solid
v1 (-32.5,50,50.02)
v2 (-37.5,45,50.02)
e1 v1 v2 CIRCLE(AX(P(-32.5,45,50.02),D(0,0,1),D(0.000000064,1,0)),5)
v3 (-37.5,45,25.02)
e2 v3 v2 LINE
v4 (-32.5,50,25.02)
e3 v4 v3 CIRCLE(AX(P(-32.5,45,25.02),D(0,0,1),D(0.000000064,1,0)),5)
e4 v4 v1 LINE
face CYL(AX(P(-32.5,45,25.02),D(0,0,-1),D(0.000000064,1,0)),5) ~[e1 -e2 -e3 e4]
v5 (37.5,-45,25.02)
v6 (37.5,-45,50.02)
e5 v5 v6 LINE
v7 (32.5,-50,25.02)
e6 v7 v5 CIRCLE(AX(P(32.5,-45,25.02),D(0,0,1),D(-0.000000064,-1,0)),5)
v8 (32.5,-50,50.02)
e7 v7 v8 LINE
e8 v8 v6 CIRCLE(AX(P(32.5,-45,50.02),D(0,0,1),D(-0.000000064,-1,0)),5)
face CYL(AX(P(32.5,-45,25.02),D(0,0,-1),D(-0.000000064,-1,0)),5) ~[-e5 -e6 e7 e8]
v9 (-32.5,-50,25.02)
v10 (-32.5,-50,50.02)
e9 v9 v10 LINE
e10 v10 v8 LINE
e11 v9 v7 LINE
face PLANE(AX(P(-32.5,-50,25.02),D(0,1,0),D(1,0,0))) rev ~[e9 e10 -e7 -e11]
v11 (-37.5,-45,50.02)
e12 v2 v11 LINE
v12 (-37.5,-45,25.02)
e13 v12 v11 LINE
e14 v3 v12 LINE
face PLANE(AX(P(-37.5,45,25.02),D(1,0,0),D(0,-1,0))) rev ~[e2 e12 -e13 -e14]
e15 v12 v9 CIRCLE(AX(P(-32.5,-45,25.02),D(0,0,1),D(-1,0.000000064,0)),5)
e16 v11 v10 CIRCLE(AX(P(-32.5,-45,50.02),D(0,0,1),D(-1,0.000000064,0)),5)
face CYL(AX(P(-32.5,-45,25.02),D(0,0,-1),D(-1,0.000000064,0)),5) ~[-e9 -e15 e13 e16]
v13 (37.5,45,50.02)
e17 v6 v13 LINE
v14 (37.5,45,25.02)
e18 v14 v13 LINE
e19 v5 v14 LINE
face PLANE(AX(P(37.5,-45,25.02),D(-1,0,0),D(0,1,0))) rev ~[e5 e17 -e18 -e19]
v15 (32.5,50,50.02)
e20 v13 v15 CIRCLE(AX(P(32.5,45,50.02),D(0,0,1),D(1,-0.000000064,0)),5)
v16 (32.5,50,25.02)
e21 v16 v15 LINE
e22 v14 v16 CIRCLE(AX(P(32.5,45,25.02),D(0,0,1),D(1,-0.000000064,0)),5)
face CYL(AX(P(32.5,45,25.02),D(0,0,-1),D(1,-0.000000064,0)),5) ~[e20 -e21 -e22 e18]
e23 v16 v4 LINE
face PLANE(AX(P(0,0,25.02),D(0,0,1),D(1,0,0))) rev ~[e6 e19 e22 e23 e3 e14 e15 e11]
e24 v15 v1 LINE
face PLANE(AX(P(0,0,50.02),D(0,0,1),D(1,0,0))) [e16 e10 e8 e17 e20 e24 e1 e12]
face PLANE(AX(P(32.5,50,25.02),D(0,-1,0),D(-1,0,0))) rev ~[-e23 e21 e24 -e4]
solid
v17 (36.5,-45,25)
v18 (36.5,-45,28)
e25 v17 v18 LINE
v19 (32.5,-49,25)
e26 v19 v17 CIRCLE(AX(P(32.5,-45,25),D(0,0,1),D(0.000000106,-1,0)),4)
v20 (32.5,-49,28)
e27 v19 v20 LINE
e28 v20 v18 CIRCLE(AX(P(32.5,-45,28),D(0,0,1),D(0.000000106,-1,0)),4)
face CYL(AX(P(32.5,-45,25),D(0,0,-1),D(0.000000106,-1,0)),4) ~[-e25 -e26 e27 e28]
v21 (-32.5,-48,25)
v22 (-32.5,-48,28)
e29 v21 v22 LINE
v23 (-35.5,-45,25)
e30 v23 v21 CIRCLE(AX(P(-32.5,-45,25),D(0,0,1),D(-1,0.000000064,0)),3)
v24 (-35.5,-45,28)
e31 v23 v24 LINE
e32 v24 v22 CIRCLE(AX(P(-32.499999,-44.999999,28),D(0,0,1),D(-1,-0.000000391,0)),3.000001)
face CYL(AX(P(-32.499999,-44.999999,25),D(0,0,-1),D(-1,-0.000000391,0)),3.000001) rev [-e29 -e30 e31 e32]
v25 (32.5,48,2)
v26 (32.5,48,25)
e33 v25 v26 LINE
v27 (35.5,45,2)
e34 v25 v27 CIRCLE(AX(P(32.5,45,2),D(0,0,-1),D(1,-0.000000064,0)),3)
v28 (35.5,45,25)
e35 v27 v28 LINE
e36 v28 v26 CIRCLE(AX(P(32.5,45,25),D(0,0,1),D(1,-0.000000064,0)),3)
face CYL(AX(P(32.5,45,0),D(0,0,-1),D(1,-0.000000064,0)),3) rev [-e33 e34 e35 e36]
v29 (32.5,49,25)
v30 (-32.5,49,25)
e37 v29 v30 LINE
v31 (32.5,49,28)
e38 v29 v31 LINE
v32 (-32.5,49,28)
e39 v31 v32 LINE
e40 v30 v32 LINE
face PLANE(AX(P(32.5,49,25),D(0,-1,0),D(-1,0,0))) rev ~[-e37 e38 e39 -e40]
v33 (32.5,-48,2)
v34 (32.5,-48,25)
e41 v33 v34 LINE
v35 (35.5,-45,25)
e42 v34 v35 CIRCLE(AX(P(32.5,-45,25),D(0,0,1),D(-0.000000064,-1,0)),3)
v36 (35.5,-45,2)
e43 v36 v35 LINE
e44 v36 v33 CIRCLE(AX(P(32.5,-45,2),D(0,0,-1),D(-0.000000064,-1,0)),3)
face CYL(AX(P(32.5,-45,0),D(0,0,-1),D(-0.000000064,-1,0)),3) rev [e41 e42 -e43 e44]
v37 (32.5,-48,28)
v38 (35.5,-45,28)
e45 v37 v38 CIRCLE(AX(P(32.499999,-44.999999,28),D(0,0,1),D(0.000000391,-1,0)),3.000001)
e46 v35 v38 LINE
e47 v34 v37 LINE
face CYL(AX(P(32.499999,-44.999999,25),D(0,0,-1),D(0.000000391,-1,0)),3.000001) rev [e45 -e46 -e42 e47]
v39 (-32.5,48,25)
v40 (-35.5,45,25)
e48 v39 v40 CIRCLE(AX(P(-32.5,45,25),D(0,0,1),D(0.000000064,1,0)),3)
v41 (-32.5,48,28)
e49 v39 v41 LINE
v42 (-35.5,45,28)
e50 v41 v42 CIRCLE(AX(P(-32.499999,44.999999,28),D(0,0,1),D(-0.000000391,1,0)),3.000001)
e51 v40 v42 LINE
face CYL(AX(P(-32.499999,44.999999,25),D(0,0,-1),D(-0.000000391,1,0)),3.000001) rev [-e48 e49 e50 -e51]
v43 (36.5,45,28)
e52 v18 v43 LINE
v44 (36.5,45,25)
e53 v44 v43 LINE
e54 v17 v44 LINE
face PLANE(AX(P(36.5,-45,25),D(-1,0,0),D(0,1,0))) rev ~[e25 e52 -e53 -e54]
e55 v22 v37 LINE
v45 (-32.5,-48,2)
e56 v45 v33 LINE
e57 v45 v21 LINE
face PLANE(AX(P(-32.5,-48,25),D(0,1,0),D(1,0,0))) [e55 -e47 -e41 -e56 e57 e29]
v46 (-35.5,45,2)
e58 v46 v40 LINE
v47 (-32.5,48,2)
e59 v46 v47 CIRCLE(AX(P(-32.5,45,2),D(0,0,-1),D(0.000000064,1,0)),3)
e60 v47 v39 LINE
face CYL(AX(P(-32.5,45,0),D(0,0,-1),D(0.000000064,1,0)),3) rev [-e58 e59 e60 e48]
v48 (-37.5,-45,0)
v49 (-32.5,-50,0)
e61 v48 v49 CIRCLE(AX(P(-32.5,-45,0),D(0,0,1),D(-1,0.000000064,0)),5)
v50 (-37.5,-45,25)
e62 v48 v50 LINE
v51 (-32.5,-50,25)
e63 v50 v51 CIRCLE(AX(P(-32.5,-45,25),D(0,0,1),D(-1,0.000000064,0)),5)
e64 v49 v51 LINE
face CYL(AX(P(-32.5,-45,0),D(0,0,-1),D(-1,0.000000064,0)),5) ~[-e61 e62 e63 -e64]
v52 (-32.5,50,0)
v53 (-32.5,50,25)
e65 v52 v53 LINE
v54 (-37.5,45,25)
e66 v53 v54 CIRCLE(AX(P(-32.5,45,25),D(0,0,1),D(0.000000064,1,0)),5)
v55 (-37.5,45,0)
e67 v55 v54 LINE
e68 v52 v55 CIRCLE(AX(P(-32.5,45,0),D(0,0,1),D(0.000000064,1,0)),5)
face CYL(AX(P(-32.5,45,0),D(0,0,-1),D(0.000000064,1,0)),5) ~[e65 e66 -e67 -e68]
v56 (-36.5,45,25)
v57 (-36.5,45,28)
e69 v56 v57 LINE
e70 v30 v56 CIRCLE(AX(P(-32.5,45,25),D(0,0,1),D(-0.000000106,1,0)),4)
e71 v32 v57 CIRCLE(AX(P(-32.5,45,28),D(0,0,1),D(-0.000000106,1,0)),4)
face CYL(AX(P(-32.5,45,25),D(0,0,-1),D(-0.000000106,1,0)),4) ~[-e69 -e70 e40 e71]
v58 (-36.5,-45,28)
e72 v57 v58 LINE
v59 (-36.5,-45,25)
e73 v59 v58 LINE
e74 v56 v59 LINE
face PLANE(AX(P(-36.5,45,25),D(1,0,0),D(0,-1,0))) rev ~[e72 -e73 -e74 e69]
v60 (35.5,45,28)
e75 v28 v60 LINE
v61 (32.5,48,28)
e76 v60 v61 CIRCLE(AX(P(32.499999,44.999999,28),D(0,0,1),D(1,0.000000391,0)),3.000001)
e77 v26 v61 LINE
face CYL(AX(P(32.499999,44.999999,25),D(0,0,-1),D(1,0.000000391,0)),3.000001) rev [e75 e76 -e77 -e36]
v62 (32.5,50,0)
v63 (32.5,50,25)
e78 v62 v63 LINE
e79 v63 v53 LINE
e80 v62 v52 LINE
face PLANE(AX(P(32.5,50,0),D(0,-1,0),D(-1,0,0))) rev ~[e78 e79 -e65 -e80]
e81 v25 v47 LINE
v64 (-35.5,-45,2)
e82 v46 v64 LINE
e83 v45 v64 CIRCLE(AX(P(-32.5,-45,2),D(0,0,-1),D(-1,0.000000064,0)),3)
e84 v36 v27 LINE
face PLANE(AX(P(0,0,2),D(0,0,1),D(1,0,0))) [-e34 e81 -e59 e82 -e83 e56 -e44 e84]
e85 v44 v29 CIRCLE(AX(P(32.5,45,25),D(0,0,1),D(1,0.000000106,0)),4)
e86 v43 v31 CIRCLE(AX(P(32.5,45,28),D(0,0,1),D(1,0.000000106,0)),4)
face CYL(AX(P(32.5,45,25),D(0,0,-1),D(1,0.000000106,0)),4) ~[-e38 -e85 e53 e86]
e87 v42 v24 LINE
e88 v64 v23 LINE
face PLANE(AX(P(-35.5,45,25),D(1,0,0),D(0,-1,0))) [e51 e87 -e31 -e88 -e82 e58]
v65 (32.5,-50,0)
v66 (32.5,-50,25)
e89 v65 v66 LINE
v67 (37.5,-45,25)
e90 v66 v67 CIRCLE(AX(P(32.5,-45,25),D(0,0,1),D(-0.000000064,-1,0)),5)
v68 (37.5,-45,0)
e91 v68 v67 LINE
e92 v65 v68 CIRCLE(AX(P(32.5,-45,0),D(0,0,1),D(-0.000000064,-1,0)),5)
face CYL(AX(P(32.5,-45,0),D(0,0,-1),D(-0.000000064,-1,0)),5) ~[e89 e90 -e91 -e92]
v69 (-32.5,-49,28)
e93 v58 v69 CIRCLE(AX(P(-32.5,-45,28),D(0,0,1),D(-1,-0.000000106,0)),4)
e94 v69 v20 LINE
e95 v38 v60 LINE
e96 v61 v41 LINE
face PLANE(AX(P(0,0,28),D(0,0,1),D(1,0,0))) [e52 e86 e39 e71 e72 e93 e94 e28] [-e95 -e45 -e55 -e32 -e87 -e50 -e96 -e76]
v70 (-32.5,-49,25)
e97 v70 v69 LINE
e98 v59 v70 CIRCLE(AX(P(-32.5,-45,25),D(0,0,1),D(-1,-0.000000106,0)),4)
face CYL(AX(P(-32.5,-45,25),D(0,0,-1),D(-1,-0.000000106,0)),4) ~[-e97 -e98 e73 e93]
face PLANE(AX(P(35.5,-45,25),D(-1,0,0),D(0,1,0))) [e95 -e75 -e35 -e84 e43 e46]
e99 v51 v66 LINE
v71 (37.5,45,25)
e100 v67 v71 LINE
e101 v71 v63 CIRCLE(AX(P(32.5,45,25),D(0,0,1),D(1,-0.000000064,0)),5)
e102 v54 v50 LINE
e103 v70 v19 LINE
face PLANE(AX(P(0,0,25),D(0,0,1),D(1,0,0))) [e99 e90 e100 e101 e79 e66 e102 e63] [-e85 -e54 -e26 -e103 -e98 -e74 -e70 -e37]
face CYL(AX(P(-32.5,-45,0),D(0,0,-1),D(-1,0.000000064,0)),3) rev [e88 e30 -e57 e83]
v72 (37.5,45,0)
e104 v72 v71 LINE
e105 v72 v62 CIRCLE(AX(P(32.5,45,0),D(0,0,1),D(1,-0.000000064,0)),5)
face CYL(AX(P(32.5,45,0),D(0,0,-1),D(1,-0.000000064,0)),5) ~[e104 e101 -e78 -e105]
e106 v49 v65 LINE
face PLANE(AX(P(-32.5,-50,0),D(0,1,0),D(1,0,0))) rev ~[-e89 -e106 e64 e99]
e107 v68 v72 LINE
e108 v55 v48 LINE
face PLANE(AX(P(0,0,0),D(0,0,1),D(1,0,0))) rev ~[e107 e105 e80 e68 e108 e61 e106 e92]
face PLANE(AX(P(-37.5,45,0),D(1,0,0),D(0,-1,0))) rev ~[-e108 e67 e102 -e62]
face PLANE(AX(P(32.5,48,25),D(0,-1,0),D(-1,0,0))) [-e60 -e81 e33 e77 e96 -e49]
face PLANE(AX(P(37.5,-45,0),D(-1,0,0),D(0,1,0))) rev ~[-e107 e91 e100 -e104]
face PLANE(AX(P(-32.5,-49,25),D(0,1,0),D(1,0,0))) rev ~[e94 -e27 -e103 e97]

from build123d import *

# Parameters (mm, degrees)
PAD_DEPTH    = 25
THICKNESS_T  = -2
PAD001_DEPTH = 3
PAD002_DEPTH = 25
POCKET_DEPTH = 3


with BuildPart() as body:
    # Sketch → Pad (new body)
    with BuildSketch(Plane.XY):
        with BuildLine():
            Line((-37.5, 45), (-37.5, -45))
            ThreePointArc((-37.5, -45), (-36.035534, -48.535534), (-32.5, -50))
            Line((-32.5, -50), (32.5, -50))
            ThreePointArc((32.5, -50), (36.035534, -48.535534), (37.5, -45))
            Line((37.5, -45), (37.5, 45))
            ThreePointArc((37.5, 45), (36.035534, 48.535534), (32.5, 50))
            Line((32.5, 50), (-32.5, 50))
            ThreePointArc((-32.5, 50), (-36.035534, 48.535534), (-37.5, 45))
        make_face()
    extrude(amount=PAD_DEPTH)

    # Thickness
    thickness_openings = [body.faces().sort_by_distance(p)[0] for p in [
        (0, 0, 25),
    ]]
    offset(amount=THICKNESS_T, openings=thickness_openings)

    # Sketch001 (on Face10 of Thickness) → Pad001 (join)
    with BuildSketch(Plane.XY.offset(25)):
        with BuildLine():
            Line((-36.5, 45), (-36.5, -45))
            ThreePointArc((-36.5, -45), (-35.328427, -47.828427), (-32.5, -49))
            Line((-32.5, -49), (32.5, -49))
            ThreePointArc((32.5, -49), (35.328427, -47.828427), (36.5, -45))
            Line((36.5, -45), (36.5, 45))
            ThreePointArc((36.5, 45), (35.328427, 47.828427), (32.5, 49))
            Line((32.5, 49), (-32.5, 49))
            ThreePointArc((-32.5, 49), (-35.328427, 47.828427), (-36.5, 45))
        make_face()
        with BuildLine():
            Line((-35.5, 45), (-35.5, -45))
            ThreePointArc((-35.5, -45), (-34.62132, -47.12132), (-32.5, -48))
            Line((-32.5, -48), (32.5, -48))
            ThreePointArc((32.5, -48), (34.62132, -47.12132), (35.5, -45))
            Line((35.5, -45), (35.5, 45))
            ThreePointArc((35.5, 45), (34.62132, 47.12132), (32.5, 48))
            Line((32.5, 48), (-32.5, 48))
            ThreePointArc((-32.5, 48), (-34.62132, 47.12132), (-35.5, 45))
        make_face(mode=Mode.SUBTRACT)
    extrude(amount=PAD001_DEPTH)


with BuildPart() as lid:
    # Sketch002 → Pad002 (new body)
    with BuildSketch(Plane.XY.offset(25.02)):
        with BuildLine():
            Line((-37.5, 45), (-37.5, -45))
            ThreePointArc((-37.5, -45), (-36.035534, -48.535534), (-32.5, -50))
            Line((-32.5, -50), (32.5, -50))
            ThreePointArc((32.5, -50), (36.035534, -48.535534), (37.5, -45))
            Line((37.5, -45), (37.5, 45))
            ThreePointArc((37.5, 45), (36.035534, 48.535534), (32.5, 50))
            Line((32.5, 50), (-32.5, 50))
            ThreePointArc((-32.5, 50), (-36.035534, 48.535534), (-37.5, 45))
        make_face()
    extrude(amount=PAD002_DEPTH)

    # Sketch003 (on Face4 of Binder) → Pocket (cut)
    with BuildSketch(Plane(origin=(0, 0, 0), x_dir=(1, 0, 0), z_dir=(0, 0, -1))):
        with BuildLine():
            Line((-36.6, 45), (-36.6, -45))
            ThreePointArc((-36.6, -45), (-35.399138, -47.899138), (-32.5, -49.1))
            Line((-32.5, -49.1), (32.5, -49.1))
            ThreePointArc((32.5, -49.1), (35.399138, -47.899138), (36.6, -45))
            Line((36.6, -45), (36.6, 45))
            ThreePointArc((36.6, 45), (35.399138, 47.899138), (32.5, 49.1))
            Line((32.5, 49.1), (-32.5, 49.1))
            ThreePointArc((-32.5, 49.1), (-35.399138, 47.899138), (-36.6, 45))
        make_face()
        with BuildLine():
            Line((-35.4, 45), (-35.4, -45))
            ThreePointArc((-35.4, -45), (-34.55061, -47.05061), (-32.5, -47.9))
            Line((-32.5, -47.9), (32.5, -47.9))
            ThreePointArc((32.5, -47.9), (34.55061, -47.05061), (35.4, -45))
            Line((35.4, -45), (35.4, 45))
            ThreePointArc((35.4, 45), (34.55061, 47.05061), (32.5, 47.9))
            Line((32.5, 47.9), (-32.5, 47.9))
            ThreePointArc((-32.5, 47.9), (-34.55061, 47.05061), (-35.4, 45))
        make_face(mode=Mode.SUBTRACT)
    extrude(amount=-POCKET_DEPTH, mode=Mode.SUBTRACT)


solid = Compound([body.part, lid.part])
